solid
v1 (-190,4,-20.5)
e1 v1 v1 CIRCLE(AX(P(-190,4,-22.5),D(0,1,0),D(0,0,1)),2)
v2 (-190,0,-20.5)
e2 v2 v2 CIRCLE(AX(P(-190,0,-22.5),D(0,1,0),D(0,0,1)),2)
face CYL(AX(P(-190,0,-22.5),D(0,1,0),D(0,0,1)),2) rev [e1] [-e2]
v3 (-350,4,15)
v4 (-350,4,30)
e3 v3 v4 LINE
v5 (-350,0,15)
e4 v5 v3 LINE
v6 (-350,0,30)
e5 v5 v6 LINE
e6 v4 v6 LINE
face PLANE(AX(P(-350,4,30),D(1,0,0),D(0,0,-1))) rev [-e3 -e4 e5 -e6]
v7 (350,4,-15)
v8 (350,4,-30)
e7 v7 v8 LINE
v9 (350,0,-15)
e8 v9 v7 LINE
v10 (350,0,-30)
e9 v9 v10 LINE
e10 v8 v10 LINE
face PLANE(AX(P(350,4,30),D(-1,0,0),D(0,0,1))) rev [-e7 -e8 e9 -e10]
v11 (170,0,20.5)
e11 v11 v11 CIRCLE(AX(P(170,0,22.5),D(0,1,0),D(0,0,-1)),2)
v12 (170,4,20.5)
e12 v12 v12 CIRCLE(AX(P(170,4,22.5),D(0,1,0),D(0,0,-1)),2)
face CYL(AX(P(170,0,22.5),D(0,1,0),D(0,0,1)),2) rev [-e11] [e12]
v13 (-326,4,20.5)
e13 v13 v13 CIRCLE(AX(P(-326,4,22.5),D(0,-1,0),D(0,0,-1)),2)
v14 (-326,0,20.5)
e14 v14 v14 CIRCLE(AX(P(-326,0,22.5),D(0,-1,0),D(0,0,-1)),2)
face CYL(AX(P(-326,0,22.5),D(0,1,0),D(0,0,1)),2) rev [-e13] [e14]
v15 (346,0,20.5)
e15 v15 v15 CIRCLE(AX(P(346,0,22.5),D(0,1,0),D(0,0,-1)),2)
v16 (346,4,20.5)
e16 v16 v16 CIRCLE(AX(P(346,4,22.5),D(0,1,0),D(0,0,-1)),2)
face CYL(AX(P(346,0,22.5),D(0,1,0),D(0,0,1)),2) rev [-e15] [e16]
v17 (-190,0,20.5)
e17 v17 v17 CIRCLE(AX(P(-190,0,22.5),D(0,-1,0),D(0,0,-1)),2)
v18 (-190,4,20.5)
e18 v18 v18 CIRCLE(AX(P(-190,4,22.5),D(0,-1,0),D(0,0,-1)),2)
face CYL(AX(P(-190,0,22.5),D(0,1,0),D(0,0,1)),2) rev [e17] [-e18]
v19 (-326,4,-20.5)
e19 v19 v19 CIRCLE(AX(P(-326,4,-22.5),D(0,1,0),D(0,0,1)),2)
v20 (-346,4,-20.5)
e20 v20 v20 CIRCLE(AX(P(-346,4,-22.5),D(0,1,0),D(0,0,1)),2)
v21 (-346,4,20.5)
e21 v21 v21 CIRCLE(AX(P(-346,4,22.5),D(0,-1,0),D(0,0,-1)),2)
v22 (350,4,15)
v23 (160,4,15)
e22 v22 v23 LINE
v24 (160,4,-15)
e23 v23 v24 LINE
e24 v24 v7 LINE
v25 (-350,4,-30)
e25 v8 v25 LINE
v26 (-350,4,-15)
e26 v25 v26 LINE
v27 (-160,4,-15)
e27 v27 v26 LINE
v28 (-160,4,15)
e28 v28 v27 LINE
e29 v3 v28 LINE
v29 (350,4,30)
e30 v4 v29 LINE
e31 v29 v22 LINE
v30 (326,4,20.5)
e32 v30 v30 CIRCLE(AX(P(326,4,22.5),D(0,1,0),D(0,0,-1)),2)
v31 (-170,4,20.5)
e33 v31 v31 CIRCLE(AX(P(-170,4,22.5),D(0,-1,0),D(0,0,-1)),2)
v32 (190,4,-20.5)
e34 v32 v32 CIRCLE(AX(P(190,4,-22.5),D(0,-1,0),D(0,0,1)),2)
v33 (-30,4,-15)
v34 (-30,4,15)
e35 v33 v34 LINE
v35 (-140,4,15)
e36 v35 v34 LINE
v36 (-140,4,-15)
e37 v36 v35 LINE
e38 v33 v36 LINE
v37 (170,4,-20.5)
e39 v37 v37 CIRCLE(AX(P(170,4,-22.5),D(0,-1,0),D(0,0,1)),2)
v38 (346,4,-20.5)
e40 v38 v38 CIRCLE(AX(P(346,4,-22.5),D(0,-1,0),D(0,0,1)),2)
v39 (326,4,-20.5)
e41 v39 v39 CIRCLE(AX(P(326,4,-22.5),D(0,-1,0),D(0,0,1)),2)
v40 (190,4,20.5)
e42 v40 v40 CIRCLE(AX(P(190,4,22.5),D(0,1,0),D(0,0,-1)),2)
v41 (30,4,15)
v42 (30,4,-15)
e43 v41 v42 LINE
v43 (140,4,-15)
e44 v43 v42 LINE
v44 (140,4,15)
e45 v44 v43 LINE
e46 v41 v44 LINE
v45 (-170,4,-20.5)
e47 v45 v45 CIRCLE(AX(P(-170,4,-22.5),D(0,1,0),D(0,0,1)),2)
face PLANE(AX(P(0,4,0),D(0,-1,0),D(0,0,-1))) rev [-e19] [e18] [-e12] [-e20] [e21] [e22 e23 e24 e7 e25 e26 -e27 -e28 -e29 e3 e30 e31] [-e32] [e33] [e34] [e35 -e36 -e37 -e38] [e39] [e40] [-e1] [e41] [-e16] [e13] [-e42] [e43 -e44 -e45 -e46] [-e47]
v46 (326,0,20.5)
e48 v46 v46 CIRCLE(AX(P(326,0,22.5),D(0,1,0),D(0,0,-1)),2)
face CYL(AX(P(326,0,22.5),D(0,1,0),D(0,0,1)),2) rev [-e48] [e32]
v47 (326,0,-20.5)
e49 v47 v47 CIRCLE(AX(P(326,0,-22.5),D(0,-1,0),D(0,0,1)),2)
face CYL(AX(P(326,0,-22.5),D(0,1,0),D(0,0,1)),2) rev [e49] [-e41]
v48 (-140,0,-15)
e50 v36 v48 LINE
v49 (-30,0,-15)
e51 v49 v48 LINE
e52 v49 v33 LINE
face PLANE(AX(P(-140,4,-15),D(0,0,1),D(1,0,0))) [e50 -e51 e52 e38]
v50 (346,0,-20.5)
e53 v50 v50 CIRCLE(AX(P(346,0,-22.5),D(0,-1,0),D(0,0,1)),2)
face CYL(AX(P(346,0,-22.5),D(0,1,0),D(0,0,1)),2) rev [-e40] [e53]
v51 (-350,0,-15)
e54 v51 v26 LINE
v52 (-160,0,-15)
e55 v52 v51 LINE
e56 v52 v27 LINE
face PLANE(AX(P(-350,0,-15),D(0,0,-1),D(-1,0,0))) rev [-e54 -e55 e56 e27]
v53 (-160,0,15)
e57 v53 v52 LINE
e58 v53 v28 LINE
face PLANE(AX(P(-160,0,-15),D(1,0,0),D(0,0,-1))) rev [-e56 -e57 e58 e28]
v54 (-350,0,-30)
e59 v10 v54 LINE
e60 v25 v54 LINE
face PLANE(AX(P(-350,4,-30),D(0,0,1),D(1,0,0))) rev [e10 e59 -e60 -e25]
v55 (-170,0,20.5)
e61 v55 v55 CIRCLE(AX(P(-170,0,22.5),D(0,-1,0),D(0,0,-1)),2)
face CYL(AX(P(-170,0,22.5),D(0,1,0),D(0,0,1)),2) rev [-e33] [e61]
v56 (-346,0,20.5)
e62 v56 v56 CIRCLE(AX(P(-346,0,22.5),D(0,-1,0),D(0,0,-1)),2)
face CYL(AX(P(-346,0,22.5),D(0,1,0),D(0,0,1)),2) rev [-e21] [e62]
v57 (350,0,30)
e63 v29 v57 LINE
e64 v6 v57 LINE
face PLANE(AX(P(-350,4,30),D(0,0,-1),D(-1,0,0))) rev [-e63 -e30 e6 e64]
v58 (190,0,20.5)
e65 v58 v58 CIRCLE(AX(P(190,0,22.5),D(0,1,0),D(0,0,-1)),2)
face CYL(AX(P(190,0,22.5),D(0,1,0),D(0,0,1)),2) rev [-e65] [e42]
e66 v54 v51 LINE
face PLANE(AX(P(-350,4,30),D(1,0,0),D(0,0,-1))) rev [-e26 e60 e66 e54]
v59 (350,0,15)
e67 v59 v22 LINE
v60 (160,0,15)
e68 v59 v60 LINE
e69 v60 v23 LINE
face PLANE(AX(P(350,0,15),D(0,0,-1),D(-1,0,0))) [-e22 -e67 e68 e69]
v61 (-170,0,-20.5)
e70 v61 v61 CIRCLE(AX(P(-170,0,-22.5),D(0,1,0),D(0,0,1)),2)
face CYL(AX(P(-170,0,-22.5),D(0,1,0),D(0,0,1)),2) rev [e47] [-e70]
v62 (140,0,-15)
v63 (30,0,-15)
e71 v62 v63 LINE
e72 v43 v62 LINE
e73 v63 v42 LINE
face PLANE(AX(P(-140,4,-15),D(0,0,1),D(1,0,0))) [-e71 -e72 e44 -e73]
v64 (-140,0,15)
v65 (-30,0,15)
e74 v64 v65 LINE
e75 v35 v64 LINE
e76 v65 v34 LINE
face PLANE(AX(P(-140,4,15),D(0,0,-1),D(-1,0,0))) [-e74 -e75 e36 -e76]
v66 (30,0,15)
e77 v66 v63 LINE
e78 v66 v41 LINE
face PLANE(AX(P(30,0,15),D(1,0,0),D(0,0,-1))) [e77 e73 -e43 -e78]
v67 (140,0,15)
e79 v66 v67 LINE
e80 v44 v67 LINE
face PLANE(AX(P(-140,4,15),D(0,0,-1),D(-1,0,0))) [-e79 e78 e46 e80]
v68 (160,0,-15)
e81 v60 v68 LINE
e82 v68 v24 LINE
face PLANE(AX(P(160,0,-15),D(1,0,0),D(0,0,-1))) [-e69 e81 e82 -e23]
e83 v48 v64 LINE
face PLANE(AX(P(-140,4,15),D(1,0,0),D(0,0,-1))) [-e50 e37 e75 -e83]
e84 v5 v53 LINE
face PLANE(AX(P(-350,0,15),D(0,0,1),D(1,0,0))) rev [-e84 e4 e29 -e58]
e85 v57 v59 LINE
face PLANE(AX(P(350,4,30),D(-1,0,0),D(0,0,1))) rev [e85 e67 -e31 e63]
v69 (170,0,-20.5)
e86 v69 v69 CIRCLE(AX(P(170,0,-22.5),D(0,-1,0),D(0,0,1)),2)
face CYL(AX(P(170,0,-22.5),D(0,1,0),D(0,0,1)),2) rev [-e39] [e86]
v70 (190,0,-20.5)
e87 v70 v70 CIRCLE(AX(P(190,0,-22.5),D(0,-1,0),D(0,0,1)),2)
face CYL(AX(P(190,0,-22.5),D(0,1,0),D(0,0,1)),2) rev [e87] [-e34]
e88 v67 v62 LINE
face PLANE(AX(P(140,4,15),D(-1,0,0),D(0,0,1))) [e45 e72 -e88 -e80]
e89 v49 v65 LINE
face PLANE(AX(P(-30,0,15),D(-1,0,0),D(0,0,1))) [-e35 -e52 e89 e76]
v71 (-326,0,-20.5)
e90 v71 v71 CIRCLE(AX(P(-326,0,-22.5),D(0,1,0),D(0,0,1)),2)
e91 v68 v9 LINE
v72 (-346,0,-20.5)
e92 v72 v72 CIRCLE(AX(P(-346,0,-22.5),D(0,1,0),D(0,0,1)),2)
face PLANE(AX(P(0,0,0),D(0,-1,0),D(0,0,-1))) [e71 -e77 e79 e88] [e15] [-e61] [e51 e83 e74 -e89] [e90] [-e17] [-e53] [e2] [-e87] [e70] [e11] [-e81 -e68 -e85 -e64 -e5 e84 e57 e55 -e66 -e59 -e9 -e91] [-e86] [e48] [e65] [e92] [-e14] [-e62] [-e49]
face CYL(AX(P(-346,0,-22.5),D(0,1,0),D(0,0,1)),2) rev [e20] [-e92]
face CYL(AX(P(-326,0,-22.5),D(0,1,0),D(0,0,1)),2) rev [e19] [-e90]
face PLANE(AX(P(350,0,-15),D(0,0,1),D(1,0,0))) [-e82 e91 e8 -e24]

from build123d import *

# Parameters (mm, degrees)
SKETCH_1_W                                 = 700
SKETCH_1_H                                 = 60
SKETCH_1_W_2                               = 280
SKETCH_1_H_2                               = 30
EXTRUDE_1_DEPTH                            = 4
SKETCH_2_W                                 = 190
SKETCH_2_H                                 = 30
CUT_EXTRUDE_1_DEPTH                        = 4
SKETCH_3_R                                 = 2
CUT_EXTRUDE_2_DEPTH                        = 4
MIRROR_2_AT_THE_SECOND_PLANE_COPY_1_SKET_R = 2
MIRROR_2_AT_THE_SECOND_PLANE_COPY_1_DEPTH  = 4
SKETCH_4_W                                 = 60
SKETCH_4_H                                 = 30
EXTRUDE_2_DEPTH                            = 4


with BuildPart() as part:
    # 草图1 → 凸台-拉伸1 (new body)
    with BuildSketch(Plane(origin=(0, 0, 0), x_dir=(1, 0, 0), z_dir=(0, 1, 0))):
        Rectangle(SKETCH_1_W, SKETCH_1_H)
        Rectangle(SKETCH_1_W_2, SKETCH_1_H_2, mode=Mode.SUBTRACT)
    extrude(amount=EXTRUDE_1_DEPTH)

    # 草图2 → 切除-拉伸1 (cut)
    with BuildSketch(Plane(origin=(0, 4, 0), x_dir=(1, 0, 0), z_dir=(0, 1, 0))):
        with Locations((-255, 0)):
            Rectangle(SKETCH_2_W, SKETCH_2_H)
    cut_extrude_1 = extrude(amount=-CUT_EXTRUDE_1_DEPTH, mode=Mode.SUBTRACT)

    # 镜向1: 切除-拉伸1 across plane
    add(cut_extrude_1.mirror(Plane(origin=(0, 0, 0), x_dir=(0, 0, 1), z_dir=(1, 0, 0))), mode=Mode.SUBTRACT)

    # 草图3 → 切除-拉伸2 (cut)
    with BuildSketch(Plane(origin=(0, 4, 0), x_dir=(1, 0, 0), z_dir=(0, 1, 0))):
        with Locations(Location((-190, 22.5, 0), (0, 0, 270))):
            Circle(SKETCH_3_R)
        with Locations(Location((-170, 22.5, 0), (0, 0, 270))):
            Circle(SKETCH_3_R)
        with Locations(Location((-346, 22.5, 0), (0, 0, 270))):
            Circle(SKETCH_3_R)
        with Locations(Location((-326, 22.5, 0), (0, 0, 270))):
            Circle(SKETCH_3_R)
    cut_extrude_2 = extrude(amount=-CUT_EXTRUDE_2_DEPTH, mode=Mode.SUBTRACT)

    # 镜向2: 切除-拉伸2 across plane
    add(cut_extrude_2.mirror(Plane(origin=(0, 0, 0), x_dir=(0, 0, 1), z_dir=(1, 0, 0))), mode=Mode.SUBTRACT)

    # 镜向2 at the second plane: 切除-拉伸2 across plane
    add(cut_extrude_2.mirror(Plane.XY), mode=Mode.SUBTRACT)

    # 镜向2 at the second plane copy 1 sket → 镜向2 at the second plane copy 1 (cut)
    with BuildSketch(Plane(origin=(0, 4, 0), x_dir=(-1, 0, 0), z_dir=(0, 1, 0))):
        with Locations(Location((-190, 22.5, 0), (0, 0, 270))):
            Circle(MIRROR_2_AT_THE_SECOND_PLANE_COPY_1_SKET_R)
        with Locations(Location((-170, 22.5, 0), (0, 0, 270))):
            Circle(MIRROR_2_AT_THE_SECOND_PLANE_COPY_1_SKET_R)
        with Locations(Location((-346, 22.5, 0), (0, 0, 270))):
            Circle(MIRROR_2_AT_THE_SECOND_PLANE_COPY_1_SKET_R)
        with Locations(Location((-326, 22.5, 0), (0, 0, 270))):
            Circle(MIRROR_2_AT_THE_SECOND_PLANE_COPY_1_SKET_R)
    extrude(amount=-MIRROR_2_AT_THE_SECOND_PLANE_COPY_1_DEPTH, mode=Mode.SUBTRACT)

    # 草图4 → 凸台-拉伸2 (add)
    with BuildSketch(Plane(origin=(0, 4, 0), x_dir=(1, 0, 0), z_dir=(0, 1, 0))):
        Rectangle(SKETCH_4_W, SKETCH_4_H)
    extrude(amount=-EXTRUDE_2_DEPTH)


solid = part.part
